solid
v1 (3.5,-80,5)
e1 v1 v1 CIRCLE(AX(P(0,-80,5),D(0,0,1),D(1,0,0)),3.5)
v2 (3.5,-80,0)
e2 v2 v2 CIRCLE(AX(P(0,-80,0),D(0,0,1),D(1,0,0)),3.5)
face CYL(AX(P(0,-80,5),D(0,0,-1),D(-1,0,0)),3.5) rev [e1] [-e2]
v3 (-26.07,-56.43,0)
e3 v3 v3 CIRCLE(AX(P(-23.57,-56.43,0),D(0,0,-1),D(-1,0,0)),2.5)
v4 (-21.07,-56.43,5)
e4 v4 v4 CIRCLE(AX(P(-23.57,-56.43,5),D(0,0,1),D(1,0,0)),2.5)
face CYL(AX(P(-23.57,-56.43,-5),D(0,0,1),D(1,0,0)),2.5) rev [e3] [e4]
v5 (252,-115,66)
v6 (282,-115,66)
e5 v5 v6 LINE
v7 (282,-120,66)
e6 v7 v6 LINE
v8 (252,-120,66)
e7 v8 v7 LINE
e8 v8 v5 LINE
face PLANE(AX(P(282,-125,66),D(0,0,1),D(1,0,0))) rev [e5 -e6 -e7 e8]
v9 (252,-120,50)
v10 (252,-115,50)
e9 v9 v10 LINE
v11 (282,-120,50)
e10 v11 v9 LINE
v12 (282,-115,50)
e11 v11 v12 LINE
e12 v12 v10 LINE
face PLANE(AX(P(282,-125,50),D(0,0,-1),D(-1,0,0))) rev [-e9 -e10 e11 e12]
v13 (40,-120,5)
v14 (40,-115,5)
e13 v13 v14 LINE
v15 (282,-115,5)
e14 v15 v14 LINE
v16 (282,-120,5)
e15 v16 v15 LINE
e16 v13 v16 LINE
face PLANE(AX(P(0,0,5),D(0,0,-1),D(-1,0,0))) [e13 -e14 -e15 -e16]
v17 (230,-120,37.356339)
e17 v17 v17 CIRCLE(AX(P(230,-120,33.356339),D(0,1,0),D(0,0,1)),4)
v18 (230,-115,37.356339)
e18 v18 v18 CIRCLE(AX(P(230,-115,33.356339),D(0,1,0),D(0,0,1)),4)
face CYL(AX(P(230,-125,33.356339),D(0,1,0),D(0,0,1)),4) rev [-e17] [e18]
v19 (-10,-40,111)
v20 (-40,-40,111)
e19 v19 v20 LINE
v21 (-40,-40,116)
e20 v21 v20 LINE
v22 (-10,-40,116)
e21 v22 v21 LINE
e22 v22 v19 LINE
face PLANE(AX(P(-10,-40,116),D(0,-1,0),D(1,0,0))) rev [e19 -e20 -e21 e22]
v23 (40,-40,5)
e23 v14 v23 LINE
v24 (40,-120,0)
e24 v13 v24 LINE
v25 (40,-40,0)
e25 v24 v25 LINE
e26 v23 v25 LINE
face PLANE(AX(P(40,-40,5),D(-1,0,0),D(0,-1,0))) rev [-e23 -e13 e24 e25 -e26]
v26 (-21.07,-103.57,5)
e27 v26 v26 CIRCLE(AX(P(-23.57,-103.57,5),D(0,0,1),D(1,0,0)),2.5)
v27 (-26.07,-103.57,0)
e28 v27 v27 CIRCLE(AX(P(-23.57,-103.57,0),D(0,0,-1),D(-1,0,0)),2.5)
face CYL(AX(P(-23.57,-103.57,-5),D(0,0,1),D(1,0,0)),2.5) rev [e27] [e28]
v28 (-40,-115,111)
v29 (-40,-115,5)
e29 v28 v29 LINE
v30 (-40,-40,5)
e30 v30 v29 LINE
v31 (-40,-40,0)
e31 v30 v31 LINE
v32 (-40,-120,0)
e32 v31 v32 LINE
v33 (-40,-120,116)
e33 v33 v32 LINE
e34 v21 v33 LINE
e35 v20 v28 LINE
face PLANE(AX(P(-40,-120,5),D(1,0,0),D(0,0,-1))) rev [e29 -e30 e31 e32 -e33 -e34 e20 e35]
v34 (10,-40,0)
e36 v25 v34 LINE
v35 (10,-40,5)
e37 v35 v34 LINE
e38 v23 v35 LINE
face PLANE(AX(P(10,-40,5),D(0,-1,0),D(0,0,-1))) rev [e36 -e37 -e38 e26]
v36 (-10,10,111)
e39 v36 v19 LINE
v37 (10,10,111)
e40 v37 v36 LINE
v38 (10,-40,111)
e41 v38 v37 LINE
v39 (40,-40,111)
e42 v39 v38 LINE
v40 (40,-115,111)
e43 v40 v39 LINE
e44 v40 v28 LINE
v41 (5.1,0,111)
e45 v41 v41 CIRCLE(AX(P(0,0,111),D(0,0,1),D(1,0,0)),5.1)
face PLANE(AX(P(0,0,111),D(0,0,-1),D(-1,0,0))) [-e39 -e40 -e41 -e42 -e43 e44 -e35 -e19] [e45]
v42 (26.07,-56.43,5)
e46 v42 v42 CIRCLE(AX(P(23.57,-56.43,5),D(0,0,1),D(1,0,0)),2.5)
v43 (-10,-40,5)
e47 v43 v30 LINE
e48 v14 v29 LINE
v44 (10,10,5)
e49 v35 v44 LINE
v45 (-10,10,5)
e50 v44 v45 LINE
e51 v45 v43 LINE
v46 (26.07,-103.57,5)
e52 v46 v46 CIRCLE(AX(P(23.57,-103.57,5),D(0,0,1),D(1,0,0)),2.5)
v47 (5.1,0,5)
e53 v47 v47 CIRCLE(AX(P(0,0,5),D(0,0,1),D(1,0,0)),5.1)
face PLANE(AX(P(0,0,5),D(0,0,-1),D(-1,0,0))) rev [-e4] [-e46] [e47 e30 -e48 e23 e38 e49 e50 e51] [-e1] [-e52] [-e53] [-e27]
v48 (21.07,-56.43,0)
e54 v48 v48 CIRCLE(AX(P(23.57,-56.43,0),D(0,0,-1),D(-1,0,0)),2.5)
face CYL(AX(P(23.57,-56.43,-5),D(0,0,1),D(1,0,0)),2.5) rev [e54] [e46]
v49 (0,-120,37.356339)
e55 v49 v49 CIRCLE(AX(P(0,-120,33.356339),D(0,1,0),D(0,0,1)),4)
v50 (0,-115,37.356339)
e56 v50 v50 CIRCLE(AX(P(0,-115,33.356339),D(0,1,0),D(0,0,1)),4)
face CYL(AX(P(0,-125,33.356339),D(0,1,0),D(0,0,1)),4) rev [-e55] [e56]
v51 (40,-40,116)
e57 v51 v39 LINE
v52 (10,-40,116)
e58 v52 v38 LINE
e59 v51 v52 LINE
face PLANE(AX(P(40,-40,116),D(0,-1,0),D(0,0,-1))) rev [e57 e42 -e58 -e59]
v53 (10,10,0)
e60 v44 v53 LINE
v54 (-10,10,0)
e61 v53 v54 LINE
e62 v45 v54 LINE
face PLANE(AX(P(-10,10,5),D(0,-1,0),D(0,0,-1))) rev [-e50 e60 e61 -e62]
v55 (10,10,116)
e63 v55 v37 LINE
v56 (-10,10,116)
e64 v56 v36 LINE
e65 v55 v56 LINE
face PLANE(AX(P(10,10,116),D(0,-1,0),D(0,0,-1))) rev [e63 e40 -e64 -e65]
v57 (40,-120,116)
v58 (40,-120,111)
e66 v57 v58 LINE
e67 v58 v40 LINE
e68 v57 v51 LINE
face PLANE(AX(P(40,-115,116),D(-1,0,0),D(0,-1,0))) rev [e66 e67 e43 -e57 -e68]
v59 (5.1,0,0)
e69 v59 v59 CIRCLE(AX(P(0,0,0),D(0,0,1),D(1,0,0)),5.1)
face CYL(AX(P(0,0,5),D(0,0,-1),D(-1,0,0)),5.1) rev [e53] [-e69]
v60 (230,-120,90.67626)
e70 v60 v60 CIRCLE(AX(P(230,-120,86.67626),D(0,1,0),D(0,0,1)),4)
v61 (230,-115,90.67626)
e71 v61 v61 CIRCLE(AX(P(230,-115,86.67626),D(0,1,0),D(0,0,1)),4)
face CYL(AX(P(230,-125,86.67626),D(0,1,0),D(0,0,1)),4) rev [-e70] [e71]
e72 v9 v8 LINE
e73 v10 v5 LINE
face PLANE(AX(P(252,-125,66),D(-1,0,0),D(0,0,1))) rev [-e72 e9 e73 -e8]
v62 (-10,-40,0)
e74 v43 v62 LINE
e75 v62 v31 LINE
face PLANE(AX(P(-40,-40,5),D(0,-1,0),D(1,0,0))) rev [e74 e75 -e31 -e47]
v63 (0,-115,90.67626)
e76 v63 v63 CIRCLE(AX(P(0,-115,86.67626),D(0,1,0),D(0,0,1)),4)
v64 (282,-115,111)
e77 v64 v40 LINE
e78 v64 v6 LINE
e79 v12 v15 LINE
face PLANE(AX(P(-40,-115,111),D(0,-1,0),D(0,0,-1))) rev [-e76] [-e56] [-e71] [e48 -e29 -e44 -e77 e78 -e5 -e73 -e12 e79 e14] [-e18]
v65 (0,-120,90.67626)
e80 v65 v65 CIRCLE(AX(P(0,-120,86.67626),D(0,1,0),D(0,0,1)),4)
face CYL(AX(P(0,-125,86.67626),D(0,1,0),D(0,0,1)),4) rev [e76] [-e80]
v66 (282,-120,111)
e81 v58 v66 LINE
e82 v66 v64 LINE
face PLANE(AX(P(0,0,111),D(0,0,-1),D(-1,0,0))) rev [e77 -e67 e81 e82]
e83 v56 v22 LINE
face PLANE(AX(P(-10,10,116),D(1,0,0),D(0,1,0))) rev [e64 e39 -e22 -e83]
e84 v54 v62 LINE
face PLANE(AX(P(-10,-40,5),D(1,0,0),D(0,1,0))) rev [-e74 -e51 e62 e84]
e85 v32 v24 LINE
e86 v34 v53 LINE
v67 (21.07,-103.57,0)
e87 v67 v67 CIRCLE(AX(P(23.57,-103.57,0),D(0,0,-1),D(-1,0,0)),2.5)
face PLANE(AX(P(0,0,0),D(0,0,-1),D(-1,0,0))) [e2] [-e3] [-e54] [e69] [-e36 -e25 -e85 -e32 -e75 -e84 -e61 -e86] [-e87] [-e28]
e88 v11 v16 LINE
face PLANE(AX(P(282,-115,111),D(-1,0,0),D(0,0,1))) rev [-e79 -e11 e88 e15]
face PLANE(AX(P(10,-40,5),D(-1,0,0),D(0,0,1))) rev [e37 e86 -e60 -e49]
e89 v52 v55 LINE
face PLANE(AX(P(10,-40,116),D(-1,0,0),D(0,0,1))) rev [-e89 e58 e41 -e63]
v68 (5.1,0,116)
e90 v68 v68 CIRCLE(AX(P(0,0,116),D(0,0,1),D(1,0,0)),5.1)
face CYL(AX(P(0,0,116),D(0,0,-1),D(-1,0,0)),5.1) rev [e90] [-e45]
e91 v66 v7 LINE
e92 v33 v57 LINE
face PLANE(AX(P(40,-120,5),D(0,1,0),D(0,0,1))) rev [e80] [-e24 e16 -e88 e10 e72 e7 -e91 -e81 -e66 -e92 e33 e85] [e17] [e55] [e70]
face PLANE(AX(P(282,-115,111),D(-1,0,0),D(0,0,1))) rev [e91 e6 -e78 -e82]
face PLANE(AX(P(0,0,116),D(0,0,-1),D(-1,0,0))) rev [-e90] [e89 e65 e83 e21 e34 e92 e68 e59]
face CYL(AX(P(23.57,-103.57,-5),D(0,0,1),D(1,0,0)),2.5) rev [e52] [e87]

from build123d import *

# Parameters (mm, degrees)
SKETCH1_R           = 5.1
SKETCH1_R_2         = 3.5
BOSS_EXTRUDE2_DEPTH = 5
SKETCH2_R           = 2.5
CUT_EXTRUDE1_DEPTH  = 10
SKETCH3_W           = 322
SKETCH3_H           = 5
BOSS_EXTRUDE3_DEPTH = 106
SKETCH4_R           = 5.1
BOSS_EXTRUDE4_DEPTH = 5
SKETCH5_R           = 4
SKETCH5_W           = 30
SKETCH5_H           = 16
CUT_EXTRUDE2_DEPTH  = 10


with BuildPart() as part:
    # Sketch1 → Boss-Extrude2 (new body)
    with BuildSketch(Plane.XY):
        Polygon((-40, -40), (-10, -40), (-10, 10), (10, 10), (10, -40), (40, -40), (40, -120), (-40, -120), align=None)
        Circle(SKETCH1_R, mode=Mode.SUBTRACT)
        with Locations((0, -80)):
            Circle(SKETCH1_R_2, mode=Mode.SUBTRACT)
    extrude(amount=BOSS_EXTRUDE2_DEPTH)

    # Sketch2 → Cut-Extrude1 (cut)
    with BuildSketch(Plane.XY.offset(5)):
        with Locations((-23.57, -56.43)):
            Circle(SKETCH2_R)
        with Locations((23.57, -56.43)):
            Circle(SKETCH2_R)
        with Locations((-23.57, -103.57)):
            Circle(SKETCH2_R)
        with Locations((23.57, -103.57)):
            Circle(SKETCH2_R)
    extrude(amount=-CUT_EXTRUDE1_DEPTH, mode=Mode.SUBTRACT)

    # Sketch3 → Boss-Extrude3 (add)
    with BuildSketch(Plane.XY.offset(5)):
        with Locations((121, -117.5)):
            Rectangle(SKETCH3_W, SKETCH3_H)
    extrude(amount=BOSS_EXTRUDE3_DEPTH)

    # Sketch4 → Boss-Extrude4 (add)
    with BuildSketch(Plane.XY.offset(111)):
        Polygon((-40, -115), (-40, -120), (40, -120), (40, -115), (40, -40), (10, -40), (10, 10), (-10, 10), (-10, -40), (-40, -40), align=None)
        Circle(SKETCH4_R, mode=Mode.SUBTRACT)
    extrude(amount=BOSS_EXTRUDE4_DEPTH)

    # Sketch5 → Cut-Extrude2 (cut)
    with BuildSketch(Plane(origin=(0, -115, 0), x_dir=(1, 0, 0), z_dir=(0, 1, 0))):
        with Locations((0, -33.356338746)):
            Circle(SKETCH5_R)
        with Locations((0, -86.676260369)):
            Circle(SKETCH5_R)
        with Locations((230, -86.676260369)):
            Circle(SKETCH5_R)
        with Locations((230, -33.356338746)):
            Circle(SKETCH5_R)
        with Locations((267, -58)):
            Rectangle(SKETCH5_W, SKETCH5_H)
    extrude(amount=-CUT_EXTRUDE2_DEPTH, mode=Mode.SUBTRACT)


solid = part.part
